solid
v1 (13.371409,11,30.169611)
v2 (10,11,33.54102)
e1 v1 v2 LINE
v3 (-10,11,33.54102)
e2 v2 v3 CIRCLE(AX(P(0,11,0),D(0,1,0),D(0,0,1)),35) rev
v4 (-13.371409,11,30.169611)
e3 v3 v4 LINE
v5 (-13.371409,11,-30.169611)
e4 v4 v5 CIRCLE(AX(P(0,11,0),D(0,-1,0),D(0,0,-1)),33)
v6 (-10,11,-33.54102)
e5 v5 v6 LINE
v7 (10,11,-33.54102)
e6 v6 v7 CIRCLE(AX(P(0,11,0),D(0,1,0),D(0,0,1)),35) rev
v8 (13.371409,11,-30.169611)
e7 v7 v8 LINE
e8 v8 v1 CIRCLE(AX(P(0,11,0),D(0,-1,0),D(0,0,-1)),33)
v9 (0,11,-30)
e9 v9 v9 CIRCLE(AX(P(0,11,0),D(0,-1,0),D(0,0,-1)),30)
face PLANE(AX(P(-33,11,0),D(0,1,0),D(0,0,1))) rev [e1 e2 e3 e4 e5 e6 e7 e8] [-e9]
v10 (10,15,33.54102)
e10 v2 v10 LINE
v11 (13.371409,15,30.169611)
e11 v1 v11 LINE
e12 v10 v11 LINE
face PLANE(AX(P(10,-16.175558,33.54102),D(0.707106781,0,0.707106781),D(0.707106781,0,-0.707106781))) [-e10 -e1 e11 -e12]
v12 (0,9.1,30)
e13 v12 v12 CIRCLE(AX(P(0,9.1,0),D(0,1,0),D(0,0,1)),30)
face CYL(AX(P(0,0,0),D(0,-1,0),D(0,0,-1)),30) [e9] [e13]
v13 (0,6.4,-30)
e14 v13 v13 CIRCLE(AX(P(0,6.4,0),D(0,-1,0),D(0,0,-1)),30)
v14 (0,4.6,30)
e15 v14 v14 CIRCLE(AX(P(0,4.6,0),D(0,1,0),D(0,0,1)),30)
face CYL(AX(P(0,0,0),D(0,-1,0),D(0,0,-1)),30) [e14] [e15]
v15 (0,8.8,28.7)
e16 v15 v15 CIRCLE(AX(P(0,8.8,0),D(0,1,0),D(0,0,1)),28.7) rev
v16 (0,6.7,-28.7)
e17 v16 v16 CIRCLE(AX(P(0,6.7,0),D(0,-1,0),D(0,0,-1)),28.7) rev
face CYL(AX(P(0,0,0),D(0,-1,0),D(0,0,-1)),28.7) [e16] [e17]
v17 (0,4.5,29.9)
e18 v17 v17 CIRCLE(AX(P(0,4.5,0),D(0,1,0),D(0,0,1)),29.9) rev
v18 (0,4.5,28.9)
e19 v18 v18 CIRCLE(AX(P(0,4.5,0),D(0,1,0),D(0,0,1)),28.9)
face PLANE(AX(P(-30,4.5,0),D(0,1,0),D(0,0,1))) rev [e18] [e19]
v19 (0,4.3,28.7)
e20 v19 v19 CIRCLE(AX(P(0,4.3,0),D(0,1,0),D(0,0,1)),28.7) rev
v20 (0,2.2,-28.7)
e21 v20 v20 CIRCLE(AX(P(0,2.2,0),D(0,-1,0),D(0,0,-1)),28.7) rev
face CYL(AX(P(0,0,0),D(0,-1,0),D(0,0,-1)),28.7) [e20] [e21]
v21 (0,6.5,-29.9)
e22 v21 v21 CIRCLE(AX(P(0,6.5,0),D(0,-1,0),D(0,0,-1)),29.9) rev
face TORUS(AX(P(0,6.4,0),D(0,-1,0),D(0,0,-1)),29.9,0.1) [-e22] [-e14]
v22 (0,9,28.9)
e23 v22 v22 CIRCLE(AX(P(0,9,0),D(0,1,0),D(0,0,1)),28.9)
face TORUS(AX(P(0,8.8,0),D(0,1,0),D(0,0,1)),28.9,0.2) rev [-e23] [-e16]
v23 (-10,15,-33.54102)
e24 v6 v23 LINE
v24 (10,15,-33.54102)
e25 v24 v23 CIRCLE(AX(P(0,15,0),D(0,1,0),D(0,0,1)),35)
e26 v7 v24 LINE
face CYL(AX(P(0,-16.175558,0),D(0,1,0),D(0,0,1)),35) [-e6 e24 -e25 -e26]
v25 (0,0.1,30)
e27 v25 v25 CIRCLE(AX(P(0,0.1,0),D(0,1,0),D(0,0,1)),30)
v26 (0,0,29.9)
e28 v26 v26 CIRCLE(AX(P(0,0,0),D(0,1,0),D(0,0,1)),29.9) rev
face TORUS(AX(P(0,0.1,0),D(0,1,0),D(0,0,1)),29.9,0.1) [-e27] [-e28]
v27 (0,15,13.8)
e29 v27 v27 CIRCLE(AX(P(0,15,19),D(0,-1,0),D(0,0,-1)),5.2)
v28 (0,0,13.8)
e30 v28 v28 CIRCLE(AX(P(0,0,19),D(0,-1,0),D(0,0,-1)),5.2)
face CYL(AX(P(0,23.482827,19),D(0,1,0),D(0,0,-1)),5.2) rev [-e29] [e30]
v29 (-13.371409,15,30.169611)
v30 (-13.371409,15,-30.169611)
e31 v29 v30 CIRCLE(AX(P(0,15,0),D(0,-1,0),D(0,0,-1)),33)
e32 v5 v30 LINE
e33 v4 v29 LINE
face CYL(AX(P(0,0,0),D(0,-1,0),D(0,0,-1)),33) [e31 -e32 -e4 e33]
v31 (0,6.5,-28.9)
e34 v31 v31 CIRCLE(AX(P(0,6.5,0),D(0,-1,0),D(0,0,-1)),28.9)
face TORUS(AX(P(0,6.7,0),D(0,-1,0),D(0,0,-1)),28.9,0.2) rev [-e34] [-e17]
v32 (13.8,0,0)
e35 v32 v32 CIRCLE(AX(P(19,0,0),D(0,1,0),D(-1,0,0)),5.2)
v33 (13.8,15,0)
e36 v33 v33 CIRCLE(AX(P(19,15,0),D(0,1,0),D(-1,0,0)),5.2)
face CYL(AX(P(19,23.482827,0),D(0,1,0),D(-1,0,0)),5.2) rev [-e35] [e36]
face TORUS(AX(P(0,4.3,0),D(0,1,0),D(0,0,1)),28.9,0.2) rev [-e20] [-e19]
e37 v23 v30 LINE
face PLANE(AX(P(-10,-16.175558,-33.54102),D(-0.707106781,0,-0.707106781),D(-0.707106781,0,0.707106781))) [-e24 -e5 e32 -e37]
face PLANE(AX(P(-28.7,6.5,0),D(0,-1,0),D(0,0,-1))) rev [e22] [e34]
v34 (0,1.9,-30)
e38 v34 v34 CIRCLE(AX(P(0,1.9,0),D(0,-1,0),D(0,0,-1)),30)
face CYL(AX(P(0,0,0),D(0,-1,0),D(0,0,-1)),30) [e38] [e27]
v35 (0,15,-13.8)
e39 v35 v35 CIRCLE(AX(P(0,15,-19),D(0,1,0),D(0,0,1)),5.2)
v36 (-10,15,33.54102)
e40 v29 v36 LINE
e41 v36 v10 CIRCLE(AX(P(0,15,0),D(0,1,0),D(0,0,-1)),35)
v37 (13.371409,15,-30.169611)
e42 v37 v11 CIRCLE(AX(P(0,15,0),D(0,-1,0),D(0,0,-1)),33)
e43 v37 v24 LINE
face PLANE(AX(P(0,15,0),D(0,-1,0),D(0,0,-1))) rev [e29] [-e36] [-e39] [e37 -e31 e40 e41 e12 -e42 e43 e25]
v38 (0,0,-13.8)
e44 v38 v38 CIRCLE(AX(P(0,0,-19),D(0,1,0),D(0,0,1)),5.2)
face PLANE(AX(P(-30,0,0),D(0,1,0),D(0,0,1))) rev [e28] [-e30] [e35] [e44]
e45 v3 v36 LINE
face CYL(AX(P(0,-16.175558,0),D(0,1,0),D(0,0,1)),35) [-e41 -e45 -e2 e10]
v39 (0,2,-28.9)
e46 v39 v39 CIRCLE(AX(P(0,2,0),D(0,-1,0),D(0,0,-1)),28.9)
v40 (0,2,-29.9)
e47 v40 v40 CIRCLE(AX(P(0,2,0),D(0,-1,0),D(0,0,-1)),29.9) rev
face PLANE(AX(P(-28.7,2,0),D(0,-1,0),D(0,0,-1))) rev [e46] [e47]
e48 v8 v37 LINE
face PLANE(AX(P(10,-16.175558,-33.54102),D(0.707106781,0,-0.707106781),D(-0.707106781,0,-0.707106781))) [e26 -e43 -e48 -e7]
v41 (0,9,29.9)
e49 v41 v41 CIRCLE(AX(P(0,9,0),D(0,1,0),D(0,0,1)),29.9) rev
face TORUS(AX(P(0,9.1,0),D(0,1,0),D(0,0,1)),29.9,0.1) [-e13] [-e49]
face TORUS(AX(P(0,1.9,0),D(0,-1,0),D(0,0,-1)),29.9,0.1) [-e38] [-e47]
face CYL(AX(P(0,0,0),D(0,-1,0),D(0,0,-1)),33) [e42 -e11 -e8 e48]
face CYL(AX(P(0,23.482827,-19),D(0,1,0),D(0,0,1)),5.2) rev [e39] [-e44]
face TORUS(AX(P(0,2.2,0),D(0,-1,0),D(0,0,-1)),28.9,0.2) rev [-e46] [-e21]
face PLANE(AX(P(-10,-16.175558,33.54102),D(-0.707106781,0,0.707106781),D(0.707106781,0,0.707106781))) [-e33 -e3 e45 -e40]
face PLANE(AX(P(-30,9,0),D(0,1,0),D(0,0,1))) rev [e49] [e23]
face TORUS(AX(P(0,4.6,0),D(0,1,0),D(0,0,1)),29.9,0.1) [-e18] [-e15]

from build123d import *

# Parameters (mm, degrees)
SCHIZZO5_W                   = 5.2
SCHIZZO5_H                   = 15
RIPETIZIONECIRCOLARE1_COUNT  = 2
RIPETIZIONECIRCOLARE1_ANGLE  = 90
ESTRUSIONE_ESTRUSIONE1_START = -4
ESTRUSIONE_ESTRUSIONE1_DEPTH = 4
RIPETIZIONECIRCOLARE2_COUNT  = 2
RACCORDO1_R                  = 0.1
RACCORDO2_R                  = 0.2


with BuildPart() as part:
    # Schizzo3 → Rivoluzione1 (revolve)
    with BuildSketch(Plane.XY, mode=Mode.PRIVATE) as rivoluzione1_sk:
        Polygon((0, 15), (-33, 15), (-33, 11), (-30, 11), (-30, 9), (-28.7, 9), (-28.7, 6.5), (-30, 6.5), (-30, 4.5), (-28.7, 4.5), (-28.7, 2), (-30, 2), (-30, 0), (0, 0), align=None)
    revolve(rivoluzione1_sk.sketch.rotate(Axis((0, 0, 0), (0, 1, 0)), 270), axis=Axis((0, 0, 0), (0, 1, 0)))

    # Schizzo5 → Taglia-Rivoluzione2 (revolve, cut)
    with BuildSketch(Plane(origin=(0, 0, 0), x_dir=(0, 0, -1), z_dir=(1, 0, 0)), mode=Mode.PRIVATE) as taglia_rivoluzione2_sk:
        with Locations((21.6, 7.5)):
            Rectangle(SCHIZZO5_W, SCHIZZO5_H)
    taglia_rivoluzione2 = revolve(taglia_rivoluzione2_sk.sketch.rotate(Axis((0, 23.482826588, -19), (0, -1, 0)), 180), axis=Axis((0, 23.482826588, -19), (0, -1, 0)), mode=Mode.SUBTRACT)

    # Specchia1: Taglia-Rivoluzione2 across plane
    add(taglia_rivoluzione2.mirror(Plane.XY), mode=Mode.SUBTRACT)

    # RipetizioneCircolare1: Taglia-Rivoluzione2 ×2 about axis
    ripetizionecircolare1_axis = Axis((0, 15, 0), (0, -1, 0))
    for i in range(1, RIPETIZIONECIRCOLARE1_COUNT):
        add(taglia_rivoluzione2.rotate(ripetizionecircolare1_axis, i * RIPETIZIONECIRCOLARE1_ANGLE / (RIPETIZIONECIRCOLARE1_COUNT - 1)), mode=Mode.SUBTRACT)

    # Schizzo7 → Estrusione-Estrusione1 (add)
    with BuildSketch(Plane(origin=(0, 15, 0), x_dir=(1, 0, 0), z_dir=(0, 1, 0)).offset(ESTRUSIONE_ESTRUSIONE1_START)):
        with BuildLine():
            Line((-10, 33.541019662), (-13.371408588, 30.169611074))
            ThreePointArc((-13.371408588, 30.169611074), (0, 33), (13.371408588, 30.169611074))
            Line((13.371408588, 30.169611074), (10, 33.541019662))
            ThreePointArc((10, 33.541019662), (5.052935375, 34.633334291), (0, 35))
            ThreePointArc((0, 35), (-5.052935375, 34.633334291), (-10, 33.541019662))
        make_face()
    estrusione_estrusione1 = extrude(amount=ESTRUSIONE_ESTRUSIONE1_DEPTH)

    # RipetizioneCircolare2: Estrusione-Estrusione1 ×2 about axis
    ripetizionecircolare2_axis = Axis((0, 0, 0), (0, 1, 0))
    for i in range(1, RIPETIZIONECIRCOLARE2_COUNT):
        add(estrusione_estrusione1.rotate(ripetizionecircolare2_axis, i * 360 / RIPETIZIONECIRCOLARE2_COUNT))

    # Raccordo1
    raccordo1_edges = [part.edges().sort_by_distance(p)[0] for p in [
        (0, 2, 30),
        (0, 4.5, 30),
        (0, 6.5, 30),
        (0, 9, 30),
        (0, 0, 30),
    ]]
    fillet(raccordo1_edges, radius=RACCORDO1_R)

    # Raccordo2
    raccordo2_edges = [part.edges().sort_by_distance(p)[0] for p in [
        (0, 2, 28.7),
        (0, 4.5, 28.7),
        (0, 6.5, 28.7),
        (0, 9, 28.7),
    ]]
    fillet(raccordo2_edges, radius=RACCORDO2_R)


solid = part.part
